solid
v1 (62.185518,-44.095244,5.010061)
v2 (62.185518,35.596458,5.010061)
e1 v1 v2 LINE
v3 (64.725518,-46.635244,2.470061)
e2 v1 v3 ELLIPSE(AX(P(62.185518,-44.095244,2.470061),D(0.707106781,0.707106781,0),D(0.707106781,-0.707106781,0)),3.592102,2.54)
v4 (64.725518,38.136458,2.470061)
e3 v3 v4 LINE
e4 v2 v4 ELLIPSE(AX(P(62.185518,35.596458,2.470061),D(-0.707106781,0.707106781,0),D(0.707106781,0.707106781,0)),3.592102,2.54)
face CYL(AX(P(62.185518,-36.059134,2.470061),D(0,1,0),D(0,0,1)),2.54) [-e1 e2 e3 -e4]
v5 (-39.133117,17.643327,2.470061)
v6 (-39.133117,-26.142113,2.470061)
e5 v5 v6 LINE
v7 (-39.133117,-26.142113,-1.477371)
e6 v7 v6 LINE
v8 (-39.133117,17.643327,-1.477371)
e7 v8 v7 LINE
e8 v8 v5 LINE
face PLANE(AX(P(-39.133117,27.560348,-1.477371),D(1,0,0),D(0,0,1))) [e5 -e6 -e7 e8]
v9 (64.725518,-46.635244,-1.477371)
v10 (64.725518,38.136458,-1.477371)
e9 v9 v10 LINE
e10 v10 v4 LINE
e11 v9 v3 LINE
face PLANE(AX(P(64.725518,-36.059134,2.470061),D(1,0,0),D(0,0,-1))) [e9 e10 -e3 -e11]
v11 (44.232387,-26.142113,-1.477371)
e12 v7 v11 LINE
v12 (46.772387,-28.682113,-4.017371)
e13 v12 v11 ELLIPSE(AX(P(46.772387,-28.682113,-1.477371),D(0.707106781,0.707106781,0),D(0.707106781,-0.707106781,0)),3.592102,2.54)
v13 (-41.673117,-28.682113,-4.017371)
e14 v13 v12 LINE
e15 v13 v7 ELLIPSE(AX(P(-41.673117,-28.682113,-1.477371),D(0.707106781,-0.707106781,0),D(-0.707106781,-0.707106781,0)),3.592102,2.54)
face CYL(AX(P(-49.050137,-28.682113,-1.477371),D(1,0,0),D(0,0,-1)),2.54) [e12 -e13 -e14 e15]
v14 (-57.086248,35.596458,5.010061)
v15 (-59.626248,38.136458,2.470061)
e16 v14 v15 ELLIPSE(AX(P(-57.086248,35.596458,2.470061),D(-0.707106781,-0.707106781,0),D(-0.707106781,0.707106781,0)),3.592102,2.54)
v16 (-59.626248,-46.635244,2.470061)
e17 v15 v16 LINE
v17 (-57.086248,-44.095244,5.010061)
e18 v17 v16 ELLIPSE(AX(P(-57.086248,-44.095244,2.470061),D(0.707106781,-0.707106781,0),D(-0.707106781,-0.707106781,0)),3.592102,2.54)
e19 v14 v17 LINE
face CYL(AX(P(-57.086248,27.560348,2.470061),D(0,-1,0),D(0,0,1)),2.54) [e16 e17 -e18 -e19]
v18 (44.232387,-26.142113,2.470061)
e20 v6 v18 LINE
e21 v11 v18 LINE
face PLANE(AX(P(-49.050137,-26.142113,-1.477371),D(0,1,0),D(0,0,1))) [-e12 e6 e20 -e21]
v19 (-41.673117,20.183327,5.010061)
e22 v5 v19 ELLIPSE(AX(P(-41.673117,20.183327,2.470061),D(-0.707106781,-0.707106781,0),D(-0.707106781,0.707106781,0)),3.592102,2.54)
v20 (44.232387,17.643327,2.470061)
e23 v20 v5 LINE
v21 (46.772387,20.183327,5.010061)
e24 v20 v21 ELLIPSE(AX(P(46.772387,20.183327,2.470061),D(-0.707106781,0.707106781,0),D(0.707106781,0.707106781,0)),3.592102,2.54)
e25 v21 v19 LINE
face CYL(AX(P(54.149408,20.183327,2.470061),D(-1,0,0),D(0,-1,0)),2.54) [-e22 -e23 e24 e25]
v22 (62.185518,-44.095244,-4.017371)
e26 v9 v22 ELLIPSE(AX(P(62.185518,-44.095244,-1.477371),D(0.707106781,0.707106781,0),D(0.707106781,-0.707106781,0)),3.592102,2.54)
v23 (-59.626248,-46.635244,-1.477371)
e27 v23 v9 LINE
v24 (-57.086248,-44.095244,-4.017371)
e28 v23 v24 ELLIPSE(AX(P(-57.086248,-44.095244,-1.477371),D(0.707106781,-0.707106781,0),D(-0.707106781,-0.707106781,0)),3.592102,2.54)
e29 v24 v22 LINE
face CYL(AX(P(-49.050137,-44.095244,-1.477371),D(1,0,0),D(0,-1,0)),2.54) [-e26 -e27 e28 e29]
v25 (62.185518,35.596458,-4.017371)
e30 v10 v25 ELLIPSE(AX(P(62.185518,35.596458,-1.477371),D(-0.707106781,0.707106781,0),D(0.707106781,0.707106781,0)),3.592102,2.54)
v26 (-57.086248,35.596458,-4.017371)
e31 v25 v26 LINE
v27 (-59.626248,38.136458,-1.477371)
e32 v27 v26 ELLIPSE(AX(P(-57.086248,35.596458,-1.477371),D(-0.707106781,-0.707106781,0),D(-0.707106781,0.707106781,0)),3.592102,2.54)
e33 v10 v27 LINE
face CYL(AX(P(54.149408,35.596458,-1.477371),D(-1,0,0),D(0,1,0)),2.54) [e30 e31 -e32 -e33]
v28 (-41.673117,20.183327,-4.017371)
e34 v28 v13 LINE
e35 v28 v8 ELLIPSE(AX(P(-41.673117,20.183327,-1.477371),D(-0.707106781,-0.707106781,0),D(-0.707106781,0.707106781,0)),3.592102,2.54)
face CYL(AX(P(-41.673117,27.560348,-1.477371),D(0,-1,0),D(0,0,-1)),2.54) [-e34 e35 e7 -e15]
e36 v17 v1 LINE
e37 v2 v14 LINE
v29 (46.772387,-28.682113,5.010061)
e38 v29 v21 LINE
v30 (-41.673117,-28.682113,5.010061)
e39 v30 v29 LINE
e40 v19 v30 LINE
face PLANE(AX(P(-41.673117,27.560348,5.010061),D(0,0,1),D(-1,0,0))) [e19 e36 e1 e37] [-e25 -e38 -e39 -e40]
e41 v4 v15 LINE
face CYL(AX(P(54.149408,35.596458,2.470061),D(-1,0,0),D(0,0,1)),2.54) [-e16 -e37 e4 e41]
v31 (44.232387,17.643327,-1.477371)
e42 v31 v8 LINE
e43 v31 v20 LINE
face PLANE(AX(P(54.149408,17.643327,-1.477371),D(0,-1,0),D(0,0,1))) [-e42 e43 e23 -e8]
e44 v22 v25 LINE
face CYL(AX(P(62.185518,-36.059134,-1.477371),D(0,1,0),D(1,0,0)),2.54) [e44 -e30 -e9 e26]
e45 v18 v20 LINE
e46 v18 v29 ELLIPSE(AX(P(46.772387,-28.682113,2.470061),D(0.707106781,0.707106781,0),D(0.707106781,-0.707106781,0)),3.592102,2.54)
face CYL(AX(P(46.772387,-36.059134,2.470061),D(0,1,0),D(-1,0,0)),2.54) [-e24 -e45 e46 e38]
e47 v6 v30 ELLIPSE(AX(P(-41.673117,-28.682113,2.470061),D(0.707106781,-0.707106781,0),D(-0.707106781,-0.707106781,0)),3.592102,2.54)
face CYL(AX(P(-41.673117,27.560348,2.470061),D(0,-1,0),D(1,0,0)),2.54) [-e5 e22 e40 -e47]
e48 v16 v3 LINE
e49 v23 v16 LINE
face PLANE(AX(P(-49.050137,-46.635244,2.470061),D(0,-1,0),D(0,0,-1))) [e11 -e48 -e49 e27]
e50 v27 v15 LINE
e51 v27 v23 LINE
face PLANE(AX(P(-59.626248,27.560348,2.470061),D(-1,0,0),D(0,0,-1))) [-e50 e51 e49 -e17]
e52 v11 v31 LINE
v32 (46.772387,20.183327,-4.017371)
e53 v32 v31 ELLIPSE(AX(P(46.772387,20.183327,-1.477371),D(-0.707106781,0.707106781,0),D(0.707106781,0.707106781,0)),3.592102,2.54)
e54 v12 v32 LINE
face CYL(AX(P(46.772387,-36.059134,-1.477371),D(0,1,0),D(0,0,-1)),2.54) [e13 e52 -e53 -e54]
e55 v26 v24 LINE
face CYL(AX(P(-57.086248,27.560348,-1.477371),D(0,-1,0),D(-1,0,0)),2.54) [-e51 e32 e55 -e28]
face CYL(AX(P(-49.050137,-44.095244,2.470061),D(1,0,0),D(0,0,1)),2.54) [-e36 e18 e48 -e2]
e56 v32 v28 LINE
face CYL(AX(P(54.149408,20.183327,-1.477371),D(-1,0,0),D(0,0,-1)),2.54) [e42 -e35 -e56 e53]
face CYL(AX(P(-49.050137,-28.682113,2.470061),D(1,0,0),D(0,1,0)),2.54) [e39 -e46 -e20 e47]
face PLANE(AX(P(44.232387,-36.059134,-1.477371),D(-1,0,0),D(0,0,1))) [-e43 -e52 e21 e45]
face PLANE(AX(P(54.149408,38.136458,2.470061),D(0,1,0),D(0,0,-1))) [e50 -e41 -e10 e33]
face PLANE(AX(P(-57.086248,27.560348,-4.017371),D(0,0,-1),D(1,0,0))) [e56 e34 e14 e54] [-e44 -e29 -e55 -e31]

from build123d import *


with BuildPart() as f3:
    # F3: sweep along a path in F0
    with BuildLine(Plane.XY) as f3_path:
        Line((-49.0501374006, 27.5603476912), (-49.0501374006, -36.0591337085))
        Line((-49.0501374006, -36.0591337085), (54.1494078934, -36.0591337085))
        Line((54.1494078934, -36.0591337085), (54.1494078934, 27.5603476912))
        Line((54.1494078934, 27.5603476912), (-49.0501374006, 27.5603476912))
    # F2 (on line) → F3 (sweep)
    with BuildSketch(Plane.XZ.offset(36.0591337085)):
        with BuildLine():
            Line((-41.6731166029, 5.010060966), (-57.0862477338, 5.010060966))
            ThreePointArc((-57.0862477338, 5.010060966), (-58.882298958, 4.2661121902), (-59.6262477338, 2.470060966))
            Line((-59.6262477338, 2.470060966), (-59.6262477338, -1.477370753))
            ThreePointArc((-59.6262477338, -1.477370753), (-58.882298958, -3.2734219772), (-57.0862477338, -4.017370753))
            Line((-57.0862477338, -4.017370753), (-41.6731166029, -4.017370753))
            ThreePointArc((-41.6731166029, -4.017370753), (-39.8770653787, -3.2734219772), (-39.1331166029, -1.477370753))
            Line((-39.1331166029, -1.477370753), (-39.1331166029, 2.470060966))
            ThreePointArc((-39.1331166029, 2.470060966), (-39.8770653787, 4.2661121902), (-41.6731166029, 5.010060966))
        make_face()
    sweep(path=f3_path.line, transition=Transition.RIGHT)


solid = f3.part
